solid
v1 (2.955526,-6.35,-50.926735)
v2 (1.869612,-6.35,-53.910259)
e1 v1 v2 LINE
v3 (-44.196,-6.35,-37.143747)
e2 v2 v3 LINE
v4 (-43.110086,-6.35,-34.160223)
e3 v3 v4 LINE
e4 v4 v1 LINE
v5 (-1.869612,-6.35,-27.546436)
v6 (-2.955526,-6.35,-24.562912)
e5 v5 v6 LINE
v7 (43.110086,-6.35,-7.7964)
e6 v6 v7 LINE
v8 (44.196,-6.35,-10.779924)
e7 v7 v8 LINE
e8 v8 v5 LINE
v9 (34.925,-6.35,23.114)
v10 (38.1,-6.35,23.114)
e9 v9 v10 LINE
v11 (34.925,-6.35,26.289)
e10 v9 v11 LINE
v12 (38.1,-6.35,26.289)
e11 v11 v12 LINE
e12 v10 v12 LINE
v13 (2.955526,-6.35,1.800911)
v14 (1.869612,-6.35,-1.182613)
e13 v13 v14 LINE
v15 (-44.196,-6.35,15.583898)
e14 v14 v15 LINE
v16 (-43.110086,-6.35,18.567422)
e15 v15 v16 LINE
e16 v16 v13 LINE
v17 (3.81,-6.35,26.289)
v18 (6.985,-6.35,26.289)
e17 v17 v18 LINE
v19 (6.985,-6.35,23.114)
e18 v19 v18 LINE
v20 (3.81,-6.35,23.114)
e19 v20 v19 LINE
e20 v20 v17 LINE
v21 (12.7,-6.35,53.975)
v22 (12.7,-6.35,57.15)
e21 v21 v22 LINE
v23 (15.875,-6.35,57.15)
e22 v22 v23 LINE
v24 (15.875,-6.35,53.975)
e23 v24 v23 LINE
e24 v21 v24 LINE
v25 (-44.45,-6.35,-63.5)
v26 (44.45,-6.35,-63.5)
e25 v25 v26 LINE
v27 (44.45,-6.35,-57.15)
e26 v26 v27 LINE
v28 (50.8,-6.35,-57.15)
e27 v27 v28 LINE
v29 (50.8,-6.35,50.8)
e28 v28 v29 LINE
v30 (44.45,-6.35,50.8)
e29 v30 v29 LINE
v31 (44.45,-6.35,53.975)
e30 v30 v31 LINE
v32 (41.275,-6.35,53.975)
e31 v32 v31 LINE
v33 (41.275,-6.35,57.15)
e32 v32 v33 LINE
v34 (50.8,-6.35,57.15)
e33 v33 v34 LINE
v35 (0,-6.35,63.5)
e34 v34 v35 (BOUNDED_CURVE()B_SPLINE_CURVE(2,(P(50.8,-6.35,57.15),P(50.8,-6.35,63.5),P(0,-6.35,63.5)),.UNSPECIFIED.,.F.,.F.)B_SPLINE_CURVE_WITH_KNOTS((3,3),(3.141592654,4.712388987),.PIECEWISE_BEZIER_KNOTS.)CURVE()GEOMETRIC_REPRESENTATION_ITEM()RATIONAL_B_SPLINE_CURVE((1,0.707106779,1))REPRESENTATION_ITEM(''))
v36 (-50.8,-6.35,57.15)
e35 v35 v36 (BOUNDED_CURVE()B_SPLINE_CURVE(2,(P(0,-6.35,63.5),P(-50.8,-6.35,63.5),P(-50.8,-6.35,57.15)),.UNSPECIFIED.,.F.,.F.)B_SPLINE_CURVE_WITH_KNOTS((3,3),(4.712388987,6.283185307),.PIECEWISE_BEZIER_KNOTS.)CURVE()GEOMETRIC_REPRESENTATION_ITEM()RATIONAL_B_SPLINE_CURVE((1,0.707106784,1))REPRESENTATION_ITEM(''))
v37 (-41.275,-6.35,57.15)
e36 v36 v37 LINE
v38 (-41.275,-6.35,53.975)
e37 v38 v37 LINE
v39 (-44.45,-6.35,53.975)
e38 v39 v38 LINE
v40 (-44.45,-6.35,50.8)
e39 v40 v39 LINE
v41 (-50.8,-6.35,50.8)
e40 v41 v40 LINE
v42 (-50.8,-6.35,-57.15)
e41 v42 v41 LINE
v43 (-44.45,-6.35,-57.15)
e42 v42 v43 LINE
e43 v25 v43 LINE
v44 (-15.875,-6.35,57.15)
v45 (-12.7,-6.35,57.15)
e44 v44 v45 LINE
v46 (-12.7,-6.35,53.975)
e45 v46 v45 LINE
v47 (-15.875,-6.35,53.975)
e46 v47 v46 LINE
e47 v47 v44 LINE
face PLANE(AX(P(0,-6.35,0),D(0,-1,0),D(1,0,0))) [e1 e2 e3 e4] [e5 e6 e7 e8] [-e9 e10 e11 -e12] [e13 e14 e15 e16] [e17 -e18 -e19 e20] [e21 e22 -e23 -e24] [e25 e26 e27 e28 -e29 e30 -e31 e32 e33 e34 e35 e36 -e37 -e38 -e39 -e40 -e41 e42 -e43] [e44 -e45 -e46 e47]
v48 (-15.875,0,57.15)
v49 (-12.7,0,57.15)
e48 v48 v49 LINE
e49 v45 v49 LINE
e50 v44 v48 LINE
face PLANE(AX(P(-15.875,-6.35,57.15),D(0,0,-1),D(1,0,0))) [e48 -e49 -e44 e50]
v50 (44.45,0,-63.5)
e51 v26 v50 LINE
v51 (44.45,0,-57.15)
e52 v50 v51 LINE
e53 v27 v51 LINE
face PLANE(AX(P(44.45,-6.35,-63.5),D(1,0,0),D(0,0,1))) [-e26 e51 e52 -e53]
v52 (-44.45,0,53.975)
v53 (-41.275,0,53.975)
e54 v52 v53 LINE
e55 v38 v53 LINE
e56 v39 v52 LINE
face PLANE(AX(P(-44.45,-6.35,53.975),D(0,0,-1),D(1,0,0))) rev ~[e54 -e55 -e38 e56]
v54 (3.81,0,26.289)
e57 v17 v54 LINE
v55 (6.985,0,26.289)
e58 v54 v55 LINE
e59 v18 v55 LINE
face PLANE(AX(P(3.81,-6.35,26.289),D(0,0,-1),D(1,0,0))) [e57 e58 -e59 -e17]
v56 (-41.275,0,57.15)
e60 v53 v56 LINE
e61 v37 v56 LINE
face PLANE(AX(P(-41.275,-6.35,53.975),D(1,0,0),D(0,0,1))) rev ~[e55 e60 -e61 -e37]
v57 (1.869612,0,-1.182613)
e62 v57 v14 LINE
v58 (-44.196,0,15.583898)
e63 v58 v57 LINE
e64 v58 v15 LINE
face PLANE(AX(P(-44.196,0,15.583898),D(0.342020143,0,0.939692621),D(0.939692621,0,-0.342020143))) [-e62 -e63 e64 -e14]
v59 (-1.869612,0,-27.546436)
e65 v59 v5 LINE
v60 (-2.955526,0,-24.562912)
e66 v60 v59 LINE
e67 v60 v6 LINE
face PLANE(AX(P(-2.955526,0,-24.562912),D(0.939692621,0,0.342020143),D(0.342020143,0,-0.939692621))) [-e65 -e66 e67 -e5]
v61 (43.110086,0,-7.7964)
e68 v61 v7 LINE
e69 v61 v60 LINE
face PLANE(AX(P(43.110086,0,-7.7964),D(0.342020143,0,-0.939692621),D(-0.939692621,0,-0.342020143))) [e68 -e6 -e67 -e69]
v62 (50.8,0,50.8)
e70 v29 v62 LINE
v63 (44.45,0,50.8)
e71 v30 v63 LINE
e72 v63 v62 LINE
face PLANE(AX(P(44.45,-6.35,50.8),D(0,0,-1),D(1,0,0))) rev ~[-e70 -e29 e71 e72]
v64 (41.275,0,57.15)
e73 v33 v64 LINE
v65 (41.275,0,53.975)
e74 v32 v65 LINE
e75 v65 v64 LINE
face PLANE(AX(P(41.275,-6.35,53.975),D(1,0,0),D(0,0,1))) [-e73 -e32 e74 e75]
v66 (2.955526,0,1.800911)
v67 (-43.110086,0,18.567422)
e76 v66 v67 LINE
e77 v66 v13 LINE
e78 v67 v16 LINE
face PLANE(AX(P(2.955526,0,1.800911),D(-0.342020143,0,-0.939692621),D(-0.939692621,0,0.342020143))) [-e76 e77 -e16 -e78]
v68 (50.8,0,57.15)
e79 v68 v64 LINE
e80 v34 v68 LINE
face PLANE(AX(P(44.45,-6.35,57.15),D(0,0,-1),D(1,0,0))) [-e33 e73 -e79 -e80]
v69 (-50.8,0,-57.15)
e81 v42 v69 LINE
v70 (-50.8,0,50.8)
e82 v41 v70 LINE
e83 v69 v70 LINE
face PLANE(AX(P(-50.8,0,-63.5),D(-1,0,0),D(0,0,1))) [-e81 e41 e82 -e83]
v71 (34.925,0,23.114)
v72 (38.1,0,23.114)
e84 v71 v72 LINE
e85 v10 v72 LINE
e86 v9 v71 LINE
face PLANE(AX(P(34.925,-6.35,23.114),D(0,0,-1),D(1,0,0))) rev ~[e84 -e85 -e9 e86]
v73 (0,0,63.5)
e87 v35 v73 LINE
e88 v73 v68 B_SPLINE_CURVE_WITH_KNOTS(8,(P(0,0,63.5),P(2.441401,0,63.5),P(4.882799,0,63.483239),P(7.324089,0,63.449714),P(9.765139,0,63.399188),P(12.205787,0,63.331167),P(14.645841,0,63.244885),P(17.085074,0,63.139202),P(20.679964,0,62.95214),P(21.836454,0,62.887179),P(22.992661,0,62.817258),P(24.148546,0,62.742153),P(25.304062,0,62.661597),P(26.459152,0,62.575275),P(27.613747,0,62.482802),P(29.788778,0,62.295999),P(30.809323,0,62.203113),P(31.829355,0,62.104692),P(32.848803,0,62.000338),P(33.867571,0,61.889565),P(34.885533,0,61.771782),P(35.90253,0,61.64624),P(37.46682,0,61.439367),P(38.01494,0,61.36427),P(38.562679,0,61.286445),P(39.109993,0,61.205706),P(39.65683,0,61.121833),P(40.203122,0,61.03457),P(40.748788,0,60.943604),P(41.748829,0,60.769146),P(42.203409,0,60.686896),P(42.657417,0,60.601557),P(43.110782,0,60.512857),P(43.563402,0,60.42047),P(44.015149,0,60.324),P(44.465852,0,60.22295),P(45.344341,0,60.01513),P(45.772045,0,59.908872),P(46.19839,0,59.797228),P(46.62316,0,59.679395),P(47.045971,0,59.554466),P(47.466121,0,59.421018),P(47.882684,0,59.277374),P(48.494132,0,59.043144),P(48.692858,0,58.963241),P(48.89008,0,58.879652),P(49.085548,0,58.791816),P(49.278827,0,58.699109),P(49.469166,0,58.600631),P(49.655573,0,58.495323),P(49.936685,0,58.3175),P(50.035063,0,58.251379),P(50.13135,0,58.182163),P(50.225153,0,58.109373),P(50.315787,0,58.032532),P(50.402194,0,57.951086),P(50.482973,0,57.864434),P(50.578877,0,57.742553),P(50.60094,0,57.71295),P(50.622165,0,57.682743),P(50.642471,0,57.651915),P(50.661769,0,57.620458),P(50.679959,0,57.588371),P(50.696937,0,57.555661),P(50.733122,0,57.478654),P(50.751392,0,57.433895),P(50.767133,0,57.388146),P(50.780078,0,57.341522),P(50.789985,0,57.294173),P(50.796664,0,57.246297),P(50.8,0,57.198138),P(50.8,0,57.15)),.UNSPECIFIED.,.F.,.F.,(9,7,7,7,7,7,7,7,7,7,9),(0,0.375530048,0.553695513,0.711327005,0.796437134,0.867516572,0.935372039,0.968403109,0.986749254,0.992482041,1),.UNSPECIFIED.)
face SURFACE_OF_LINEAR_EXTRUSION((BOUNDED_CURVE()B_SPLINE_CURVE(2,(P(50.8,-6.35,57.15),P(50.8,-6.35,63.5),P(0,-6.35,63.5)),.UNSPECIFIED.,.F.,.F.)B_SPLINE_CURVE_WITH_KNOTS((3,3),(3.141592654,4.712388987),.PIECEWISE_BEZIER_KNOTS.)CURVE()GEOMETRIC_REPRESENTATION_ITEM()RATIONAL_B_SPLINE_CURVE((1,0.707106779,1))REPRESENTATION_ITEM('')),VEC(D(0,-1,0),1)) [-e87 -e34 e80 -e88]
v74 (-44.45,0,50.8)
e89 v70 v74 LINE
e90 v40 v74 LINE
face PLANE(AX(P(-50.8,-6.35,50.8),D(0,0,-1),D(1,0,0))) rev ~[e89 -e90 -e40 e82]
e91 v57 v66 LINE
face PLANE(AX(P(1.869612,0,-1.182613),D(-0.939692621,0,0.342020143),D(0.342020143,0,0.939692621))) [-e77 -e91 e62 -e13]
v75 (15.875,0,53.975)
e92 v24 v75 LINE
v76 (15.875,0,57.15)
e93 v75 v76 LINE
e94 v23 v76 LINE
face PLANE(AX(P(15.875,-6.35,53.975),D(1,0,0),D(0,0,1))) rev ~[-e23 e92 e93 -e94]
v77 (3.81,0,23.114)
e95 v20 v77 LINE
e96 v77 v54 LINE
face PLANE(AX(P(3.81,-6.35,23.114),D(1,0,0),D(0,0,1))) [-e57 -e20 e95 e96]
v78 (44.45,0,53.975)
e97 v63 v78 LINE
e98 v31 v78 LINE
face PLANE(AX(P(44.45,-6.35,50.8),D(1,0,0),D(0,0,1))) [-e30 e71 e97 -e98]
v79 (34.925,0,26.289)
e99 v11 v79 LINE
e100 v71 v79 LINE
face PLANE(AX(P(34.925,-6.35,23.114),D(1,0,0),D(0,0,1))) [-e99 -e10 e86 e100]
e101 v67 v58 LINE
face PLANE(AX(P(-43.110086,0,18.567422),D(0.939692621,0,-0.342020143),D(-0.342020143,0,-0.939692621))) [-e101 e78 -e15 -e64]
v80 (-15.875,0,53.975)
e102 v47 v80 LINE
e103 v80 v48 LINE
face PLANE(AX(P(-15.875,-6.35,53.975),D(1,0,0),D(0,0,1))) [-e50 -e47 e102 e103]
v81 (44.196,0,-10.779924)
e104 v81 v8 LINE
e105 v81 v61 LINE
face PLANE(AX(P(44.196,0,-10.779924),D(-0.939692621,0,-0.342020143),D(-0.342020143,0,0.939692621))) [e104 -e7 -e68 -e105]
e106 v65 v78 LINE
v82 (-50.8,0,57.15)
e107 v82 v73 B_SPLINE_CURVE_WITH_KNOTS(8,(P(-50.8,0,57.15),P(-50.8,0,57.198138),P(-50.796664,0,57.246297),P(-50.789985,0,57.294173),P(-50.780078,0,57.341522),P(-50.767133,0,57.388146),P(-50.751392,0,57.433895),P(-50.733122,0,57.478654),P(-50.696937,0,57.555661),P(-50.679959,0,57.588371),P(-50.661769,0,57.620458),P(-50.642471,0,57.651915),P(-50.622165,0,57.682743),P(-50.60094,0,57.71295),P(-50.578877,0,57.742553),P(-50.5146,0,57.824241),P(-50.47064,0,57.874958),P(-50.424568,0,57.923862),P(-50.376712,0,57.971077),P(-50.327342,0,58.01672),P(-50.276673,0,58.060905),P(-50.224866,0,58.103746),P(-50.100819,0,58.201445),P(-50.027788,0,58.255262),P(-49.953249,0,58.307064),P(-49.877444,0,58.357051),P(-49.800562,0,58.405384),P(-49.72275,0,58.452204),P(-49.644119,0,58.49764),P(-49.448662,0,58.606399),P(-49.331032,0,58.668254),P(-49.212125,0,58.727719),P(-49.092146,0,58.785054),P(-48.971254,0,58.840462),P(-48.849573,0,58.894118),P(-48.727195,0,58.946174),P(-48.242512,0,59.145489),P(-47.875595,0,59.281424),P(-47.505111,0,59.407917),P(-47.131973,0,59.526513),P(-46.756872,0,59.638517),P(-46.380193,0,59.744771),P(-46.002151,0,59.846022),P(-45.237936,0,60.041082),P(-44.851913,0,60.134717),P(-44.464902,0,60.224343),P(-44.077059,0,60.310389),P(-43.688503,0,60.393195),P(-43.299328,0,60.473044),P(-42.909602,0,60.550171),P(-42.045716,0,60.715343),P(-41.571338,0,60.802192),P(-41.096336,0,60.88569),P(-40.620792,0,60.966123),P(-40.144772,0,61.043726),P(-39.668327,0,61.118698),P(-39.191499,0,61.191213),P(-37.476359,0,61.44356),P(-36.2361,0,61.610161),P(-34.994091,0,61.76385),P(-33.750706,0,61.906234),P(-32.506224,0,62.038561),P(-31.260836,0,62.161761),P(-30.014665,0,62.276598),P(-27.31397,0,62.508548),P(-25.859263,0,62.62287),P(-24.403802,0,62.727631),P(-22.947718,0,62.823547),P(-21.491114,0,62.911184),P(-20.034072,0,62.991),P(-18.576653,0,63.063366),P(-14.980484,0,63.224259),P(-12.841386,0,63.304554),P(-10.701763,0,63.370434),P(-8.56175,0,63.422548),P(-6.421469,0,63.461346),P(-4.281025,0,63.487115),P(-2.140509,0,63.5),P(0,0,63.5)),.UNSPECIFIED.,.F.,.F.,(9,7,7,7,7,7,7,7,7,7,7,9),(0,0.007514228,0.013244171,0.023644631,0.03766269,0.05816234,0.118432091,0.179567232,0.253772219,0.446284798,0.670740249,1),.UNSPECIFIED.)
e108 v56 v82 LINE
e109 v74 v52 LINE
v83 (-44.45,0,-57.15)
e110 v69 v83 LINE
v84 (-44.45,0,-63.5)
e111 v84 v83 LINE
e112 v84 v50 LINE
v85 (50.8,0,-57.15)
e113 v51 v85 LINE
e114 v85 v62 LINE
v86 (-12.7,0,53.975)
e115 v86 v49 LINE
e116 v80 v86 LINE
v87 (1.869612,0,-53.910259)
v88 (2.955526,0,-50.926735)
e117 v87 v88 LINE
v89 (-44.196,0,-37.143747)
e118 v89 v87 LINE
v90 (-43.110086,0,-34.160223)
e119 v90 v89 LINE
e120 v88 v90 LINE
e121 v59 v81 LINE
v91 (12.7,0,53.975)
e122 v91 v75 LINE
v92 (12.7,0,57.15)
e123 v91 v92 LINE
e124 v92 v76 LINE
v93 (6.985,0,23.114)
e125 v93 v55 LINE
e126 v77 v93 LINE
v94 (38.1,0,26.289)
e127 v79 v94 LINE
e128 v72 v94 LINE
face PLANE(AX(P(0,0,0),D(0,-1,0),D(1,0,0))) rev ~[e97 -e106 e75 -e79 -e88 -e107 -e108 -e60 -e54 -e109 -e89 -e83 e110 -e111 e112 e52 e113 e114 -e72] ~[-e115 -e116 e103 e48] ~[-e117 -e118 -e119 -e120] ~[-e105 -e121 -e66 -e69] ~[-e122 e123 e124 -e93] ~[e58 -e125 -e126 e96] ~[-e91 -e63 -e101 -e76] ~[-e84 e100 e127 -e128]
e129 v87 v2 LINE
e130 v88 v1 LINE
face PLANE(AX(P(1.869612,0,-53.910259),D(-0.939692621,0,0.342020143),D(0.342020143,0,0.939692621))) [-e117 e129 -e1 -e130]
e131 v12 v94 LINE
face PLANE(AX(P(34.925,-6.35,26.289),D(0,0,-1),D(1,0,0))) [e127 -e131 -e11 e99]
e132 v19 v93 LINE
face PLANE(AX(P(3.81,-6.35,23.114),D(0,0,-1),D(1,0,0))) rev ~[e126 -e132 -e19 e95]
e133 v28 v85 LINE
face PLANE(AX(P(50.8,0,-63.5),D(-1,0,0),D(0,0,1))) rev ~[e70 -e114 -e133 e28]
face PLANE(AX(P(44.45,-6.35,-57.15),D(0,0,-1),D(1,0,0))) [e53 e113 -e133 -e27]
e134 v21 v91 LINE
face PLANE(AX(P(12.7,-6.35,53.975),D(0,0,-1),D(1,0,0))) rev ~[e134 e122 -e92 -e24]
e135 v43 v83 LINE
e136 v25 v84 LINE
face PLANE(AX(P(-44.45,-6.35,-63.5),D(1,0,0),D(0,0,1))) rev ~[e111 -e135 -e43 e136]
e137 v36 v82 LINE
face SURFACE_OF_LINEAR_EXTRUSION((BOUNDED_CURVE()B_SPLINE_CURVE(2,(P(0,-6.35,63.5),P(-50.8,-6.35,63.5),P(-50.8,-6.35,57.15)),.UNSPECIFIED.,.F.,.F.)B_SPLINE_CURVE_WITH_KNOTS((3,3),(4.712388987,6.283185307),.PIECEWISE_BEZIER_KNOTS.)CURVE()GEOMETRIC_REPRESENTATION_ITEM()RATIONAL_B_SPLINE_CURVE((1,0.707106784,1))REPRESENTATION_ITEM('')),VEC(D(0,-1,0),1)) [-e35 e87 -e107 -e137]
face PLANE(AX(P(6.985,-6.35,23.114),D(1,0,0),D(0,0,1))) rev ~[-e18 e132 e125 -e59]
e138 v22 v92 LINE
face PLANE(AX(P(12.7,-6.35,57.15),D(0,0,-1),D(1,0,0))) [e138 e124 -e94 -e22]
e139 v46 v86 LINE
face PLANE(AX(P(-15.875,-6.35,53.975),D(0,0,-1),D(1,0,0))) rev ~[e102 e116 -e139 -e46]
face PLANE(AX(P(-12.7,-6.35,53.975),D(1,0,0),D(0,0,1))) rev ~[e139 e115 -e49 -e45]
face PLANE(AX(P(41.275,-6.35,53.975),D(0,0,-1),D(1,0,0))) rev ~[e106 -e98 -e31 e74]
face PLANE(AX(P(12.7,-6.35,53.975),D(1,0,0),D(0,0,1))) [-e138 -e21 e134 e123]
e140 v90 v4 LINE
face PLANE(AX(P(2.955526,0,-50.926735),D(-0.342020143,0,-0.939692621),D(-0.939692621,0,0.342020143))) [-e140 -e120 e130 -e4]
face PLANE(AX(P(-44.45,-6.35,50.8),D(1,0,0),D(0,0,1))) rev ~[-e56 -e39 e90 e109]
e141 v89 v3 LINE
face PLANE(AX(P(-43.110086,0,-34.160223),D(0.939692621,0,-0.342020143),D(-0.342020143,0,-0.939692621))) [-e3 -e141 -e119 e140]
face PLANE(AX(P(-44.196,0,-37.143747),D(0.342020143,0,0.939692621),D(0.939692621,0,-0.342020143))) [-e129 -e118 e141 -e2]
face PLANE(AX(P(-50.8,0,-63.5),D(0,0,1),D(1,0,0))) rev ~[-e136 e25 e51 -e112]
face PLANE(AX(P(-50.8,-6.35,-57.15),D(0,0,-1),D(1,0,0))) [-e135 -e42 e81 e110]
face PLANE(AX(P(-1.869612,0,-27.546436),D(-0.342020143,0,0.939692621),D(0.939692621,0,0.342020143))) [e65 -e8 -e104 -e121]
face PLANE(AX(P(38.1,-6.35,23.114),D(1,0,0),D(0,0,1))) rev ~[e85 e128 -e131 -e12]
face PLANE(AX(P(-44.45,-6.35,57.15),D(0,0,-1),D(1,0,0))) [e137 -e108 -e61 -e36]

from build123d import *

# Parameters (mm, degrees)
F0_W      = 101.6
F0_H      = 127
F1_DEPTH  = 6.35
F2_W      = 6.35
F2_H      = 6.35
F3_DEPTH  = 6.351
F5_DEPTH  = 6.351
F6_W      = 3.175
F6_H      = 3.175
F7_DEPTH  = 6.3510001
F9_DEPTH  = 34.798
F11_DEPTH = 25.4
F13_DEPTH = 25.4


with BuildPart() as f1:
    # F0 (on Front) → F1 (new body)
    with BuildSketch(Plane.XZ):
        Rectangle(F0_W, F0_H)
    extrude(amount=F1_DEPTH)

    # F2 (on face) → F3 (cut, through all)
    with BuildSketch(Plane.XZ.offset(6.35)):
        with Locations((-47.625, 53.975)):
            Rectangle(F2_W, F2_H)
        with Locations((47.625, 53.975)):
            Rectangle(F2_W, F2_H)
        with Locations((47.625, -60.325)):
            Rectangle(F2_W, F2_H)
        with Locations((-47.625, -60.325)):
            Rectangle(F2_W, F2_H)
    extrude(amount=-F3_DEPTH, mode=Mode.SUBTRACT)

    # F4 (on face) → F5 (cut, through all)
    with BuildSketch(Plane.XZ.offset(6.35)):
        with BuildLine():
            Line((-50.8, 63.5), (-50.8, 57.15))
            add(Edge.make_bspline(
                [(-3.402e-07, 63.5), (-50.8, 63.4999999575), (-50.8, 57.15)],
                knots=[4.7123889871, 4.7123889871, 4.7123889871, 6.2831853072, 6.2831853072, 6.2831853072], degree=2, weights=[1, 0.7071067836, 1]))
            Line((-3.402e-07, 63.5), (-50.8, 63.5))
        make_face()
        with BuildLine():
            add(Edge.make_bspline(
                [(50.8, 57.15), (50.8, 63.5000000425), (-3.402e-07, 63.5)],
                knots=[3.1415926536, 3.1415926536, 3.1415926536, 4.7123889871, 4.7123889871, 4.7123889871], degree=2, weights=[1, 0.7071067788, 1]))
            Line((50.8, 57.15), (50.8, 63.5))
            Line((50.8, 63.5), (-3.402e-07, 63.5))
        make_face()
    extrude(amount=-F5_DEPTH, mode=Mode.SUBTRACT)

    # F6 (on face) → F7 (cut, through all)
    with BuildSketch(Plane.XZ.offset(6.35)):
        with Locations((-42.8625, 55.5625)):
            Rectangle(F6_W, F6_H)
        with Locations((-14.2875, 55.5625)):
            Rectangle(F6_W, F6_H)
        with Locations((14.2875, 55.5625)):
            Rectangle(F6_W, F6_H)
        with Locations((42.8625, 55.5625)):
            Rectangle(F6_W, F6_H)
        with Locations((36.5125, 24.7015)):
            Rectangle(F6_W, F6_H)
        with Locations((5.3975, 24.7015)):
            Rectangle(F6_W, F6_H)
    extrude(amount=-F7_DEPTH, mode=Mode.SUBTRACT)

    # F8 (on Front) → F9 (cut)
    with BuildSketch(Plane.XZ):
        Polygon((2.9555256112, 1.8009109067), (-43.1100860449, 18.5674223729), (-44.196, 15.5838983019), (1.8696116562, -1.1826131642), align=None)
    extrude(amount=F9_DEPTH, mode=Mode.SUBTRACT)

    # F10 (on Front) → F11 (cut)
    with BuildSketch(Plane.XZ):
        Polygon((43.1100860449, -7.7964003764), (-2.9555256112, -24.5629118425), (-1.8696116562, -27.5464359135), (44.196, -10.7799244474), align=None)
    extrude(amount=F11_DEPTH, mode=Mode.SUBTRACT)

    # F12 (on Front) → F13 (cut)
    with BuildSketch(Plane.XZ):
        Polygon((2.9555256112, -50.9267345918), (-43.1100860449, -34.1602231257), (-44.196, -37.1437471967), (1.8696116562, -53.9102586628), align=None)
    extrude(amount=F13_DEPTH, mode=Mode.SUBTRACT)


solid = f1.part
